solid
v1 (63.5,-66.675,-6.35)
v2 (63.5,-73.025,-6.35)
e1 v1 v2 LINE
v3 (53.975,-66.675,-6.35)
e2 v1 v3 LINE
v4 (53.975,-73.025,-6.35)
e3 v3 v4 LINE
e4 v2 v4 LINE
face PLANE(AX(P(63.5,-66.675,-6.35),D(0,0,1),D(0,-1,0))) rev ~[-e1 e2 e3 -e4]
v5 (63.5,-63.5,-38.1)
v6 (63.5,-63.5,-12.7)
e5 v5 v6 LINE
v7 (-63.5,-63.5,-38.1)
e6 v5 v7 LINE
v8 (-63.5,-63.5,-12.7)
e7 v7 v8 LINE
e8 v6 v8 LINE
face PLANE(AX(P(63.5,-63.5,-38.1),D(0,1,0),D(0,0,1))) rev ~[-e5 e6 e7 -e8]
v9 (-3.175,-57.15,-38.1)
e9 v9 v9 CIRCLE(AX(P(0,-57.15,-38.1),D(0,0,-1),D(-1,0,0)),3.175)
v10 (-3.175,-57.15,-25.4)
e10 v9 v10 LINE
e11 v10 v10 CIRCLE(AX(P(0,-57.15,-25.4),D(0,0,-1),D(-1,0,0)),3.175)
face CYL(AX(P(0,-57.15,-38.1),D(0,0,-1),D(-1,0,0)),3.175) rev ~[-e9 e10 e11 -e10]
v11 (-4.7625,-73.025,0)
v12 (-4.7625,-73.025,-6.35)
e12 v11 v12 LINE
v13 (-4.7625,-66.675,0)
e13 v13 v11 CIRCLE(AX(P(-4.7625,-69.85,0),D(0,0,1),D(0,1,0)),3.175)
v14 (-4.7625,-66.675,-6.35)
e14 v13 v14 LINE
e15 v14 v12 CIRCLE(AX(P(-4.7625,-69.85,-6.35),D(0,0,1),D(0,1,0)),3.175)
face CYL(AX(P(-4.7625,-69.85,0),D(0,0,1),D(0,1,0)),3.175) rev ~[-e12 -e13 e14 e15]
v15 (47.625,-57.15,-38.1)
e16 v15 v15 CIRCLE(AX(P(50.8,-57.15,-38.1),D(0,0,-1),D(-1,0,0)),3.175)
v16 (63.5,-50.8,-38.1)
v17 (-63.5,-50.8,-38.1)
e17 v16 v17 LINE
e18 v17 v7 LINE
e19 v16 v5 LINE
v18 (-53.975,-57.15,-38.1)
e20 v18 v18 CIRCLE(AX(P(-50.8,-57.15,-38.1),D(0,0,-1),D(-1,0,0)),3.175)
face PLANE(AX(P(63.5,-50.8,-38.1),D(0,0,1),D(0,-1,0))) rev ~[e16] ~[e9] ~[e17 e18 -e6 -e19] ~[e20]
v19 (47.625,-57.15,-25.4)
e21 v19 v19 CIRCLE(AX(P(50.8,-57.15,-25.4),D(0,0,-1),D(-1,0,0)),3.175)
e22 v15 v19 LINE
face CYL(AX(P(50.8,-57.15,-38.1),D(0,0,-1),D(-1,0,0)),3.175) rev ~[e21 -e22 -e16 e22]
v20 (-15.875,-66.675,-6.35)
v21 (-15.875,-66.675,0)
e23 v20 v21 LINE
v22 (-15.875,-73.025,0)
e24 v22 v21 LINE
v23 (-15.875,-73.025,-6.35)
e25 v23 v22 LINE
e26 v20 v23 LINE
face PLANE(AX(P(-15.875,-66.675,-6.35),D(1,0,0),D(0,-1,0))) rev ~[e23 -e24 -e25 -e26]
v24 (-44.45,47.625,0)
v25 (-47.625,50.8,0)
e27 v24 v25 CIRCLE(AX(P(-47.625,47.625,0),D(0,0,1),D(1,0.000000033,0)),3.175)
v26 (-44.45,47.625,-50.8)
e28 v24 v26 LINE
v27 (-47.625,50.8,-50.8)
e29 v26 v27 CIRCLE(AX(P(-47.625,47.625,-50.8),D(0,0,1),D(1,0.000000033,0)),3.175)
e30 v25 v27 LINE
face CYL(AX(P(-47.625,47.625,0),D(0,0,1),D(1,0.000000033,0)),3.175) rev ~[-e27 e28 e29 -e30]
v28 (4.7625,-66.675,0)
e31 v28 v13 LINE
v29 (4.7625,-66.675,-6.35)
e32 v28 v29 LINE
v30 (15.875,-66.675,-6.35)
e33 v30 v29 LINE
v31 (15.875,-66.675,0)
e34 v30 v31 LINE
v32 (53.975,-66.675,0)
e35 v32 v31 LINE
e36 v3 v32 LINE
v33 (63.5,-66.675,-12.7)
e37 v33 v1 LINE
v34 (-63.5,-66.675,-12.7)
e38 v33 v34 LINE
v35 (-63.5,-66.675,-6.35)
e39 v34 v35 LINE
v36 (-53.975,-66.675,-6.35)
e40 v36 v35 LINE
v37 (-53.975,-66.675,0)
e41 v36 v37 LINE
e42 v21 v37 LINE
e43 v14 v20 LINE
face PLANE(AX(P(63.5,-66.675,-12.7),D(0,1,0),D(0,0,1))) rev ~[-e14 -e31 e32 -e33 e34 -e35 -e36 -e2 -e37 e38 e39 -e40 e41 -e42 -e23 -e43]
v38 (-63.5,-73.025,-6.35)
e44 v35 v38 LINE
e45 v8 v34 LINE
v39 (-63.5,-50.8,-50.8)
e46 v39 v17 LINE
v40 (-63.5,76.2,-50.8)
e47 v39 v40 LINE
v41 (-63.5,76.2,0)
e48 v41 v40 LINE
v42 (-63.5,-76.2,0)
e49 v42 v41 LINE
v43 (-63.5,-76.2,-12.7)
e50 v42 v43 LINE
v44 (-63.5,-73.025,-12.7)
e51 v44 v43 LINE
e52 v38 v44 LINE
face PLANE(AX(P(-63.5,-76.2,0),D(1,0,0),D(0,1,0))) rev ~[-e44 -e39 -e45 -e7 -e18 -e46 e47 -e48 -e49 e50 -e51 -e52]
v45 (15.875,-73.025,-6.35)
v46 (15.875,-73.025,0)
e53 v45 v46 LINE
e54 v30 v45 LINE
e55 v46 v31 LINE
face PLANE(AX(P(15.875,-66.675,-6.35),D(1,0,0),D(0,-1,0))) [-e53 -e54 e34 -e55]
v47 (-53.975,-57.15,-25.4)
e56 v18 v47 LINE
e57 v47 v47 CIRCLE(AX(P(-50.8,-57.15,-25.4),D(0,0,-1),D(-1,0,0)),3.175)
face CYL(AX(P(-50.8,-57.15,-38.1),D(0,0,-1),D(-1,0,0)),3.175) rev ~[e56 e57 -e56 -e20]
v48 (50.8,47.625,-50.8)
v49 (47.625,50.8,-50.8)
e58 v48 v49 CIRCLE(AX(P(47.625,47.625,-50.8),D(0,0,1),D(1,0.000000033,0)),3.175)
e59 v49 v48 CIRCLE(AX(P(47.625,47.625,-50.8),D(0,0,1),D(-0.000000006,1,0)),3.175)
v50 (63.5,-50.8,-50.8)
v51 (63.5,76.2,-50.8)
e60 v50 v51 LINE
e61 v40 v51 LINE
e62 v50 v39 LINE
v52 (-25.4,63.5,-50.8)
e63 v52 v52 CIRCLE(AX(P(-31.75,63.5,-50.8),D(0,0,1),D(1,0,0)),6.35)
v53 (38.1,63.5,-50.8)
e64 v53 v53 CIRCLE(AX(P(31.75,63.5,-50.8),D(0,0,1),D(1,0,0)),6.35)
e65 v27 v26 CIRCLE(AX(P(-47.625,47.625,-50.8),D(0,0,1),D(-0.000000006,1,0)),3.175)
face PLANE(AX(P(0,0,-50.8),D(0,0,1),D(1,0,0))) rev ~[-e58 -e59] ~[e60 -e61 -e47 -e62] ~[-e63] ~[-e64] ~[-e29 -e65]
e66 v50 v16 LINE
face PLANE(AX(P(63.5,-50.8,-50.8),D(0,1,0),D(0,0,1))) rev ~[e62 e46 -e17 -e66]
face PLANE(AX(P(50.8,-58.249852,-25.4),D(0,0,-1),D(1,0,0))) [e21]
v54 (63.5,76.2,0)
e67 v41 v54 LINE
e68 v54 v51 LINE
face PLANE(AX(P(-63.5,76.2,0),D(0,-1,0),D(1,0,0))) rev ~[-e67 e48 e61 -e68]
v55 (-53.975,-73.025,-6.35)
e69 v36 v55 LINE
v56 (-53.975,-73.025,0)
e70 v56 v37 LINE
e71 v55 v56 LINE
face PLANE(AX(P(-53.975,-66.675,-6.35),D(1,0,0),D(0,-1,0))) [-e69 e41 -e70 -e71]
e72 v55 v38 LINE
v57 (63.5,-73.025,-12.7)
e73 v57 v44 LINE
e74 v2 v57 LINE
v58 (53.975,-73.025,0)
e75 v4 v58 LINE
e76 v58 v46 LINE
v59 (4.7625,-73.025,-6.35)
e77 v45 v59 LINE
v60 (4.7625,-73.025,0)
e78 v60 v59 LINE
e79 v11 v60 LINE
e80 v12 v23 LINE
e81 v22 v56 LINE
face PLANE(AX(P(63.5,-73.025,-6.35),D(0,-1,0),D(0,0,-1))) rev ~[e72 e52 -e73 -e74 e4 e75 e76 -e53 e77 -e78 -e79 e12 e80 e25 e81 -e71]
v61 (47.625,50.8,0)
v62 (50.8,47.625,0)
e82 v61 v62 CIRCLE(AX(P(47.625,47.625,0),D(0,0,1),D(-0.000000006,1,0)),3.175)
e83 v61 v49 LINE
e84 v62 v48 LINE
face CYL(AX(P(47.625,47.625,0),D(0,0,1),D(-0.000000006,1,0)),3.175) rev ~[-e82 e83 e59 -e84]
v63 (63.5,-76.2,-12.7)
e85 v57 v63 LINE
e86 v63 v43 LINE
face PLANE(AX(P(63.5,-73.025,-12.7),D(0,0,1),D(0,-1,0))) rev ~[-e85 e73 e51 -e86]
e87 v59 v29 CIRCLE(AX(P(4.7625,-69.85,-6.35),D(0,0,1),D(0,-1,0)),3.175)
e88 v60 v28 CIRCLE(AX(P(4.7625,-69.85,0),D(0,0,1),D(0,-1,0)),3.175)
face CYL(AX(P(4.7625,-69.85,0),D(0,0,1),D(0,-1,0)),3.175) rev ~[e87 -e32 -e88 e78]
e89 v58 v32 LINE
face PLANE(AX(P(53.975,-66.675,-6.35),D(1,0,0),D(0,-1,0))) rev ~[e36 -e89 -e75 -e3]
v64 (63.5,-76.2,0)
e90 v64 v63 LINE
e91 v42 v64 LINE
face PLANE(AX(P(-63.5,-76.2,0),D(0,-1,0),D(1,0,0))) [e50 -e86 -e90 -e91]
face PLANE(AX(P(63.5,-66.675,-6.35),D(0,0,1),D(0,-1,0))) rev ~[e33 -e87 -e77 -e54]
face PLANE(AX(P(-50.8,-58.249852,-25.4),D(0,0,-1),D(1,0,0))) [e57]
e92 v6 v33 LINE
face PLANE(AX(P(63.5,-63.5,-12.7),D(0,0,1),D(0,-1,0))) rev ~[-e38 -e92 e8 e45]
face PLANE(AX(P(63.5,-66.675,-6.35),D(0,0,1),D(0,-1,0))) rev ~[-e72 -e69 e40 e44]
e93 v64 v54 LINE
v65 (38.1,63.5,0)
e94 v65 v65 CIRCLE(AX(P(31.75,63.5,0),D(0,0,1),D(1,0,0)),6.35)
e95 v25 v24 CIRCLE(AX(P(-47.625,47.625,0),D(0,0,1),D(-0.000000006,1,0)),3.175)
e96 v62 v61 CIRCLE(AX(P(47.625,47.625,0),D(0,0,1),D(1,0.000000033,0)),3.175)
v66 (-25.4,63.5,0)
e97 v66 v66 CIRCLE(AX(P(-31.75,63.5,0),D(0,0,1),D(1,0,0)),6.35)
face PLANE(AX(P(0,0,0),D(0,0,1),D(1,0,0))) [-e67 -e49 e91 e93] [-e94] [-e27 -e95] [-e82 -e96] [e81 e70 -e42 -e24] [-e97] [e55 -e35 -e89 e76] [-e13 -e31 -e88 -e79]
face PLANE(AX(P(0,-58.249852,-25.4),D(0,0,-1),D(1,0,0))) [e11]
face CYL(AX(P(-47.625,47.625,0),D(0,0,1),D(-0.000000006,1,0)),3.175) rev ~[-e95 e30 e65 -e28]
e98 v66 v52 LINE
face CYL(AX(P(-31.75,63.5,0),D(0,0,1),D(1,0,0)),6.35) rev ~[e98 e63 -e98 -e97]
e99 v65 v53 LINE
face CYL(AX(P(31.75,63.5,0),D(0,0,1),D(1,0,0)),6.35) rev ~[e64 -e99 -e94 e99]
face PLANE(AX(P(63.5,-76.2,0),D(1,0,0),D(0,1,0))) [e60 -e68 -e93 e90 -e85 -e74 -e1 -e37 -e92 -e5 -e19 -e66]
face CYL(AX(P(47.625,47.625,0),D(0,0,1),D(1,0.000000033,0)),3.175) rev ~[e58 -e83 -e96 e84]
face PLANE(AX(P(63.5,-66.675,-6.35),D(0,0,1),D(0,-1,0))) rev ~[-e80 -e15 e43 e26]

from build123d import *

# Parameters (mm, degrees)
F0_W      = 127
F0_H      = 152.4
F1_DEPTH  = 50.8
F3_DEPTH  = 127.001
F5_DEPTH  = 12.7
F6_W      = 38.1
F6_H      = 6.35
F7_DEPTH  = 6.351
F8_R      = 6.35
F9_DEPTH  = 50.801
F11_DEPTH = 50.801


with BuildPart() as f1:
    # F0 (on Top) → F1 (new body)
    with BuildSketch(Plane.XY):
        Rectangle(F0_W, F0_H)
    extrude(amount=-F1_DEPTH)

    # F2 (on face) → F3 (cut, through all)
    with BuildSketch(Plane.YZ.offset(63.5)):
        Polygon((-76.2, -12.7), (-76.2, -50.8), (-50.8, -50.8), (-50.8, -38.1), (-63.5, -38.1), (-63.5, -12.7), (-66.675, -12.7), (-66.675, -6.35), (-73.025, -6.35), (-73.025, -12.7), align=None)
    extrude(amount=-F3_DEPTH, mode=Mode.SUBTRACT)

    # F4 (on face) → F5 (cut)
    with BuildSketch(Plane(origin=(0, 0, -38.1), x_dir=(1, 0, 0), z_dir=(0, 0, -1))):
        with BuildLine():
            ThreePointArc((-47.625, 57.15), (-50.8, 60.325), (-53.975, 57.15))
            Line((-53.975, 57.15), (-47.625, 57.15))
        make_face()
        with BuildLine():
            ThreePointArc((53.975, 57.15), (50.8, 60.325), (47.625, 57.15))
            Line((47.625, 57.15), (53.975, 57.15))
        make_face()
        with BuildLine():
            Line((53.975, 57.15), (47.625, 57.15))
            ThreePointArc((47.625, 57.15), (50.8, 53.975), (53.975, 57.15))
        make_face()
        with BuildLine():
            ThreePointArc((3.175, 57.15), (0, 60.325), (-3.175, 57.15))
            Line((-3.175, 57.15), (3.175, 57.15))
        make_face()
        with BuildLine():
            Line((3.175, 57.15), (-3.175, 57.15))
            ThreePointArc((-3.175, 57.15), (0, 53.975), (3.175, 57.15))
        make_face()
        with BuildLine():
            Line((-47.625, 57.15), (-53.975, 57.15))
            ThreePointArc((-53.975, 57.15), (-50.8, 53.975), (-47.625, 57.15))
        make_face()
    extrude(amount=-F5_DEPTH, mode=Mode.SUBTRACT)

    # F6 (on face) → F7 (cut, through all)
    with BuildSketch(Plane(origin=(0, 0, -6.35), x_dir=(1, 0, 0), z_dir=(0, 0, -1))):
        with Locations((-34.925, 69.85)):
            Rectangle(F6_W, F6_H)
        with Locations((34.925, 69.85)):
            Rectangle(F6_W, F6_H)
    extrude(amount=-F7_DEPTH, mode=Mode.SUBTRACT)

    # F8 (on face) → F9 (cut, through all)
    with BuildSketch(Plane.XY):
        with BuildLine():
            ThreePointArc((-38.1, 63.5), (-31.75, 57.15), (-25.4, 63.5))
            ThreePointArc((-25.4, 63.5), (-31.75, 69.85), (-38.1, 63.5))
        make_face()
        with BuildLine():
            ThreePointArc((-44.45, 47.625), (-45.379936, 49.870064), (-47.625, 50.8))
            ThreePointArc((-47.625, 50.8), (-49.870064, 45.379936), (-44.45, 47.625))
        make_face()
        with Locations((31.75, 63.5)):
            Circle(F8_R)
        with BuildLine():
            ThreePointArc((50.8, 47.625), (49.870064, 49.870064), (47.625, 50.8))
            ThreePointArc((47.625, 50.8), (45.379936, 45.379936), (50.8, 47.625))
        make_face()
    extrude(amount=-F9_DEPTH, mode=Mode.SUBTRACT)

    # F10 (on face) → F11 (cut, through all)
    with BuildSketch(Plane.XY):
        with BuildLine():
            Line((4.7625, -66.675), (-4.7625, -66.675))
            ThreePointArc((-4.7625, -66.675), (-7.9375, -69.85), (-4.7625, -73.025))
            Line((-4.7625, -73.025), (4.7625, -73.025))
            ThreePointArc((4.7625, -73.025), (7.9375, -69.85), (4.7625, -66.675))
        make_face()
    extrude(amount=-F11_DEPTH, mode=Mode.SUBTRACT)


solid = f1.part
